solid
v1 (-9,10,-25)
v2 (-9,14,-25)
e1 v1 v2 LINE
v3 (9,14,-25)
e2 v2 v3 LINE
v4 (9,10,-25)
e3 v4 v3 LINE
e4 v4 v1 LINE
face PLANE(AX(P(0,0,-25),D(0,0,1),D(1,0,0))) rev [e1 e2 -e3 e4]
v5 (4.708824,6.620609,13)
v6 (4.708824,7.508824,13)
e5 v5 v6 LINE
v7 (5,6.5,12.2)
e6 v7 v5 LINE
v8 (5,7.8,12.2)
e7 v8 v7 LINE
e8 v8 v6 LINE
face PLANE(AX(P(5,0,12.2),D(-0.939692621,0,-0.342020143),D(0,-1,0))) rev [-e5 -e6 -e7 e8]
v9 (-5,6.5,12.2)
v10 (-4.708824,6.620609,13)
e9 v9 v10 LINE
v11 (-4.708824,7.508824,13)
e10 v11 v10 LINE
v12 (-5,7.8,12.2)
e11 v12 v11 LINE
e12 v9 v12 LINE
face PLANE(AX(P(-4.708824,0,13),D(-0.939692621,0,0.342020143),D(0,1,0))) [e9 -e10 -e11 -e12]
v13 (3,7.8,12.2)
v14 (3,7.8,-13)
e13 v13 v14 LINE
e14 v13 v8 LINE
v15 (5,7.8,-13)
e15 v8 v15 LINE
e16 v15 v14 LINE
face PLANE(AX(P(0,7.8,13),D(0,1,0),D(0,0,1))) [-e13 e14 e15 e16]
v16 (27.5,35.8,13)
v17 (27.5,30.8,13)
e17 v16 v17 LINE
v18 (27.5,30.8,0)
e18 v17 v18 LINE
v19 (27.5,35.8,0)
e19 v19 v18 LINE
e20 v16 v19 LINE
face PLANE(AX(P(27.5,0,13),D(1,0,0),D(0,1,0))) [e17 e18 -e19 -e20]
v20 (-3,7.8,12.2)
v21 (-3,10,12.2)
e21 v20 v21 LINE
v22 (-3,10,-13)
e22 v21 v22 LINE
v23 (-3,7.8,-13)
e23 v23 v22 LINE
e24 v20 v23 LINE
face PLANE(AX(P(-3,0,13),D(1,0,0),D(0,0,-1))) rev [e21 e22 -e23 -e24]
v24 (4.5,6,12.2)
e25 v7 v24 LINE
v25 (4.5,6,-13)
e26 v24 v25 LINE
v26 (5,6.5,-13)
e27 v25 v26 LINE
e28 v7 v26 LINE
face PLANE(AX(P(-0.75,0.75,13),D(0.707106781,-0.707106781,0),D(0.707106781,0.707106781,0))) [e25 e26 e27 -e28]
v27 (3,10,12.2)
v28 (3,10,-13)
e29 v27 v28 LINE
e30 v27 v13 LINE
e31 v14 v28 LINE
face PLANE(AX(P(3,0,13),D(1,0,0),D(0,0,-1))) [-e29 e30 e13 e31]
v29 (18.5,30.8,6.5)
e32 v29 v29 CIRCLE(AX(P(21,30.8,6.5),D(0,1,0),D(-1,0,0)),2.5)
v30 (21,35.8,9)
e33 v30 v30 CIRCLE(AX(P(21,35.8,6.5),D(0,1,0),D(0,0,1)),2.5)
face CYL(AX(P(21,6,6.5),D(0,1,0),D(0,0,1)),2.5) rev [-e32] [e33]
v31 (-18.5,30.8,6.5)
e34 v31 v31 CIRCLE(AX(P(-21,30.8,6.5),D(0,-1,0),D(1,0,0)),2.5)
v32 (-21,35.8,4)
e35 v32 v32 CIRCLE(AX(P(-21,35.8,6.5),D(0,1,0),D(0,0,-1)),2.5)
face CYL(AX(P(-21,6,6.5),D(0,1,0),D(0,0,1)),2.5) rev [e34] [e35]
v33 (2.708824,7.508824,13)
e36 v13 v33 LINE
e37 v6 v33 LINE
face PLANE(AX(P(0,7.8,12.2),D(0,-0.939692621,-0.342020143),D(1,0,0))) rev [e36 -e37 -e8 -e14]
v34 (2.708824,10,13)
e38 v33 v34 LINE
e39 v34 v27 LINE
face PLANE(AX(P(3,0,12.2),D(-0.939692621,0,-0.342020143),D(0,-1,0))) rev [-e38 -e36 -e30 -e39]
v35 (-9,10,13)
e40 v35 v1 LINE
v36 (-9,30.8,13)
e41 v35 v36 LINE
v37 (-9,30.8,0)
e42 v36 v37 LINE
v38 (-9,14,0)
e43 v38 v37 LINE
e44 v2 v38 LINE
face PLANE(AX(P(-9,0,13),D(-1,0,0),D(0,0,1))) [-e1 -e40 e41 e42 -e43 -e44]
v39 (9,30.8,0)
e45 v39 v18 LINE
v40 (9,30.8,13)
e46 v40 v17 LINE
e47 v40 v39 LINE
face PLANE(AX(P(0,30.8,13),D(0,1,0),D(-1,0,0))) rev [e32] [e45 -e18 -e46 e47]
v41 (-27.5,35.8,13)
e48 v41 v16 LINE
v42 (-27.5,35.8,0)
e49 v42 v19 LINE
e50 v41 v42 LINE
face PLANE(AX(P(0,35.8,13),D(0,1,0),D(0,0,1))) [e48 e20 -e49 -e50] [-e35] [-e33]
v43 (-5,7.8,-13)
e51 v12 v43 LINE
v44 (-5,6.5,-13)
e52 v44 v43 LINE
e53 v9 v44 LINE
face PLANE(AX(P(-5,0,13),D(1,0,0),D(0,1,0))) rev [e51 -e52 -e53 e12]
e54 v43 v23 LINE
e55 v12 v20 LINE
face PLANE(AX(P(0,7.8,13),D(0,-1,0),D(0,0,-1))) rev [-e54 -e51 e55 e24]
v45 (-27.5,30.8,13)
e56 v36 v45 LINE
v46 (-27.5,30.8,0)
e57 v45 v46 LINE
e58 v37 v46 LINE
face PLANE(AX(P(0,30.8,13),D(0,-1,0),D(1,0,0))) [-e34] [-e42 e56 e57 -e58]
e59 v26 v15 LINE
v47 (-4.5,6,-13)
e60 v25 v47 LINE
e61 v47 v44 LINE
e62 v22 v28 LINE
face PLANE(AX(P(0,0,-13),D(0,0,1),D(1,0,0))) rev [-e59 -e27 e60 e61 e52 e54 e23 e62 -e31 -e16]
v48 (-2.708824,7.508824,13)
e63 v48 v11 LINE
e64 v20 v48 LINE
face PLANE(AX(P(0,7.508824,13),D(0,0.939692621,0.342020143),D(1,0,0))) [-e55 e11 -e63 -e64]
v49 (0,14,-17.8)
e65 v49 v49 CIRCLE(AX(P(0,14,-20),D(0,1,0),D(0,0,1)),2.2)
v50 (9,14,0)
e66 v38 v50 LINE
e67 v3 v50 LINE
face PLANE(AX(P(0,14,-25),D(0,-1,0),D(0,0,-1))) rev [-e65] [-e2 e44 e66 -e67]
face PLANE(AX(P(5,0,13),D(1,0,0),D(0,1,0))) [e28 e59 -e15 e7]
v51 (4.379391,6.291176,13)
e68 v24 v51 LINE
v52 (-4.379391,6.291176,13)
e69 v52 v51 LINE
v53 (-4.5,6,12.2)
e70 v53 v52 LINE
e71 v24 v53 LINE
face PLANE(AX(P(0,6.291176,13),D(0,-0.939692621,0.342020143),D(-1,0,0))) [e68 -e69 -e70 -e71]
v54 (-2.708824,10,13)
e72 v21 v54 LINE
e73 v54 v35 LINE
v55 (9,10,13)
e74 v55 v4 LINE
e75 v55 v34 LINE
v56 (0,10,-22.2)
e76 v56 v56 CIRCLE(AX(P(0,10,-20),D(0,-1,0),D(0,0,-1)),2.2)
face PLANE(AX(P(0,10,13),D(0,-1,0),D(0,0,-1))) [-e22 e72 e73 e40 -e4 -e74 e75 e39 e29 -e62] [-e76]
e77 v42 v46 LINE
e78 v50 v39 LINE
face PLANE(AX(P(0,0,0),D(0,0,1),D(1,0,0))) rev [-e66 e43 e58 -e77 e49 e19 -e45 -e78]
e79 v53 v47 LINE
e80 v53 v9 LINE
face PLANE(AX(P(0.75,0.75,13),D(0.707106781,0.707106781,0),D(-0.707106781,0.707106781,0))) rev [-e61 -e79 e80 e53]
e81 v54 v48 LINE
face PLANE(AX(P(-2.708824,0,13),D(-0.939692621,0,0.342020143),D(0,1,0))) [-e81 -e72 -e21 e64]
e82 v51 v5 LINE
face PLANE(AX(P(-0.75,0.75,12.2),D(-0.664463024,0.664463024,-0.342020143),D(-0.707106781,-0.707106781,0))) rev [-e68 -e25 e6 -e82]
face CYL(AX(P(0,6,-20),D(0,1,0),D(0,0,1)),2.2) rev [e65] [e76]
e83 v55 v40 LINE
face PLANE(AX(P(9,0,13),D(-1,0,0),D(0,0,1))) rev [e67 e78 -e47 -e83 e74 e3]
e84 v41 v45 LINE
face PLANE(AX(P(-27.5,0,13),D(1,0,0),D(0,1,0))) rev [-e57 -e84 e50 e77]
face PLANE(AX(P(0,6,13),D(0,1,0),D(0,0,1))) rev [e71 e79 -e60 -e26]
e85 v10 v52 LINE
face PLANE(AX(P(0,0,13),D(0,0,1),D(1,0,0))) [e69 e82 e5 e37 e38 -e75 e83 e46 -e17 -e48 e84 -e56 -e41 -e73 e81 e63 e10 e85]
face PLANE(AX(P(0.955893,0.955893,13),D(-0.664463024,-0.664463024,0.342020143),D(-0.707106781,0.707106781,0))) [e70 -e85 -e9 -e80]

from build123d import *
from OCP.BRepFilletAPI import BRepFilletAPI_MakeChamfer

# Parameters (mm, degrees)
EXTRUDE_1_DEPTH     = 13
SKETCH_2_R          = 2.5
CUT_EXTRUDE_1_DEPTH = 43.582742984
EXTRUDE_2_DEPTH     = 25
EXTRUDE_3_DEPTH     = 13
SKETCH_4_R          = 2.2
CUT_EXTRUDE_3_DEPTH = 44.087005002
CHAMFER_3_SIZE      = 0.8
CHAMFER_3_SIZE2     = 0.291176187


with BuildPart() as part:
    # 草图1 → 凸台-拉伸1 (new body)
    with BuildSketch(Plane.XY):
        Polygon((3, 10), (9, 10), (9, 30.8), (27.5, 30.8), (27.5, 35.8), (-27.5, 35.8), (-27.5, 30.8), (-9, 30.8), (-9, 10), (-3, 10), (-3, 7.8), (-5, 7.8), (-5, 6.5), (-4.5, 6), (4.5, 6), (5, 6.5), (5, 7.8), (3, 7.8), align=None)
    extrude(amount=EXTRUDE_1_DEPTH)

    # 草图2 → 切除-拉伸1 (cut, through all)
    with BuildSketch(Plane(origin=(0, 35.8, 0), x_dir=(1, 0, 0), z_dir=(0, 1, 0))):
        with Locations(Location((21, -6.5, 0), (0, 0, 270))):
            Circle(SKETCH_2_R)
        with Locations((-21, -6.5)):
            Circle(SKETCH_2_R)
    extrude(amount=-CUT_EXTRUDE_1_DEPTH, mode=Mode.SUBTRACT)

    # 草图1<10> → 凸台-拉伸2 (add)
    with BuildSketch(Plane.XY):
        Polygon((3, 10), (9, 10), (9, 14), (-9, 14), (-9, 10), (-3, 10), align=None)
    extrude(amount=-EXTRUDE_2_DEPTH)

    # 草图1<11> → 凸台-拉伸3 (add)
    with BuildSketch(Plane.XY):
        Polygon((3, 7.8), (5, 7.8), (5, 6.5), (4.5, 6), (-4.5, 6), (-5, 6.5), (-5, 7.8), (-3, 7.8), (-3, 10), (3, 10), align=None)
    extrude(amount=-EXTRUDE_3_DEPTH)

    # 草图4 → 切除-拉伸3 (cut, through all)
    with BuildSketch(Plane(origin=(0, 14, 0), x_dir=(1, 0, 0), z_dir=(0, 1, 0))):
        with Locations(Location((0, 20, 0), (0, 0, 270))):
            Circle(SKETCH_4_R)
    extrude(amount=-CUT_EXTRUDE_3_DEPTH, mode=Mode.SUBTRACT)

    # 倒角3: one chamfer whose edges measure the first distance from different faces: ONE call of the kernel's chamfer builder (chamfer() names one face for all edges)
    chamfer_3_edges_1 = [part.edges().sort_by_distance(p)[0] for p in [
        (-3, 8.9, 13),
    ]]
    chamfer_3_side_1 = [part.faces().sort_by_distance(p)[0] for p in [
        (-3, 8.9, 0),
    ]]
    chamfer_3_edges_2 = [part.edges().sort_by_distance(p)[0] for p in [
        (3, 8.9, 13),
    ]]
    chamfer_3_side_2 = [part.faces().sort_by_distance(p)[0] for p in [
        (3, 8.9, 0),
    ]]
    chamfer_3_edges_3 = [part.edges().sort_by_distance(p)[0] for p in [
        (4, 7.8, 13),
    ]]
    chamfer_3_side_3 = [part.faces().sort_by_distance(p)[0] for p in [
        (4, 7.8, 0),
    ]]
    chamfer_3_edges_4 = [part.edges().sort_by_distance(p)[0] for p in [
        (5, 7.15, 13),
    ]]
    chamfer_3_side_4 = [part.faces().sort_by_distance(p)[0] for p in [
        (5, 7.15, 0),
    ]]
    chamfer_3_edges_5 = [part.edges().sort_by_distance(p)[0] for p in [
        (4.75, 6.25, 13),
    ]]
    chamfer_3_side_5 = [part.faces().sort_by_distance(p)[0] for p in [
        (4.75, 6.25, 0),
    ]]
    chamfer_3_edges_6 = [part.edges().sort_by_distance(p)[0] for p in [
        (0, 6, 13),
    ]]
    chamfer_3_side_6 = [part.faces().sort_by_distance(p)[0] for p in [
        (0, 6, 0),
    ]]
    chamfer_3_edges_7 = [part.edges().sort_by_distance(p)[0] for p in [
        (-4, 7.8, 13),
    ]]
    chamfer_3_side_7 = [part.faces().sort_by_distance(p)[0] for p in [
        (-4, 7.8, 0),
    ]]
    chamfer_3_edges_8 = [part.edges().sort_by_distance(p)[0] for p in [
        (-5, 7.15, 13),
    ]]
    chamfer_3_side_8 = [part.faces().sort_by_distance(p)[0] for p in [
        (-5, 7.15, 0),
    ]]
    chamfer_3_edges_9 = [part.edges().sort_by_distance(p)[0] for p in [
        (-4.75, 6.25, 13),
    ]]
    chamfer_3_side_9 = [part.faces().sort_by_distance(p)[0] for p in [
        (-4.75, 6.25, 0),
    ]]
    chamfer_3 = BRepFilletAPI_MakeChamfer(part.part.solid().wrapped)
    for e in chamfer_3_edges_1:
        chamfer_3.Add(CHAMFER_3_SIZE, CHAMFER_3_SIZE2, e.wrapped, chamfer_3_side_1[0].wrapped)  # the first distance lies on this face
    for e in chamfer_3_edges_2:
        chamfer_3.Add(CHAMFER_3_SIZE, CHAMFER_3_SIZE2, e.wrapped, chamfer_3_side_2[0].wrapped)  # the first distance lies on this face
    for e in chamfer_3_edges_3:
        chamfer_3.Add(CHAMFER_3_SIZE, CHAMFER_3_SIZE2, e.wrapped, chamfer_3_side_3[0].wrapped)  # the first distance lies on this face
    for e in chamfer_3_edges_4:
        chamfer_3.Add(CHAMFER_3_SIZE, CHAMFER_3_SIZE2, e.wrapped, chamfer_3_side_4[0].wrapped)  # the first distance lies on this face
    for e in chamfer_3_edges_5:
        chamfer_3.Add(CHAMFER_3_SIZE, CHAMFER_3_SIZE2, e.wrapped, chamfer_3_side_5[0].wrapped)  # the first distance lies on this face
    for e in chamfer_3_edges_6:
        chamfer_3.Add(CHAMFER_3_SIZE, CHAMFER_3_SIZE2, e.wrapped, chamfer_3_side_6[0].wrapped)  # the first distance lies on this face
    for e in chamfer_3_edges_7:
        chamfer_3.Add(CHAMFER_3_SIZE, CHAMFER_3_SIZE2, e.wrapped, chamfer_3_side_7[0].wrapped)  # the first distance lies on this face
    for e in chamfer_3_edges_8:
        chamfer_3.Add(CHAMFER_3_SIZE, CHAMFER_3_SIZE2, e.wrapped, chamfer_3_side_8[0].wrapped)  # the first distance lies on this face
    for e in chamfer_3_edges_9:
        chamfer_3.Add(CHAMFER_3_SIZE, CHAMFER_3_SIZE2, e.wrapped, chamfer_3_side_9[0].wrapped)  # the first distance lies on this face
    add(Compound.cast(chamfer_3.Shape()), mode=Mode.REPLACE)


solid = part.part
